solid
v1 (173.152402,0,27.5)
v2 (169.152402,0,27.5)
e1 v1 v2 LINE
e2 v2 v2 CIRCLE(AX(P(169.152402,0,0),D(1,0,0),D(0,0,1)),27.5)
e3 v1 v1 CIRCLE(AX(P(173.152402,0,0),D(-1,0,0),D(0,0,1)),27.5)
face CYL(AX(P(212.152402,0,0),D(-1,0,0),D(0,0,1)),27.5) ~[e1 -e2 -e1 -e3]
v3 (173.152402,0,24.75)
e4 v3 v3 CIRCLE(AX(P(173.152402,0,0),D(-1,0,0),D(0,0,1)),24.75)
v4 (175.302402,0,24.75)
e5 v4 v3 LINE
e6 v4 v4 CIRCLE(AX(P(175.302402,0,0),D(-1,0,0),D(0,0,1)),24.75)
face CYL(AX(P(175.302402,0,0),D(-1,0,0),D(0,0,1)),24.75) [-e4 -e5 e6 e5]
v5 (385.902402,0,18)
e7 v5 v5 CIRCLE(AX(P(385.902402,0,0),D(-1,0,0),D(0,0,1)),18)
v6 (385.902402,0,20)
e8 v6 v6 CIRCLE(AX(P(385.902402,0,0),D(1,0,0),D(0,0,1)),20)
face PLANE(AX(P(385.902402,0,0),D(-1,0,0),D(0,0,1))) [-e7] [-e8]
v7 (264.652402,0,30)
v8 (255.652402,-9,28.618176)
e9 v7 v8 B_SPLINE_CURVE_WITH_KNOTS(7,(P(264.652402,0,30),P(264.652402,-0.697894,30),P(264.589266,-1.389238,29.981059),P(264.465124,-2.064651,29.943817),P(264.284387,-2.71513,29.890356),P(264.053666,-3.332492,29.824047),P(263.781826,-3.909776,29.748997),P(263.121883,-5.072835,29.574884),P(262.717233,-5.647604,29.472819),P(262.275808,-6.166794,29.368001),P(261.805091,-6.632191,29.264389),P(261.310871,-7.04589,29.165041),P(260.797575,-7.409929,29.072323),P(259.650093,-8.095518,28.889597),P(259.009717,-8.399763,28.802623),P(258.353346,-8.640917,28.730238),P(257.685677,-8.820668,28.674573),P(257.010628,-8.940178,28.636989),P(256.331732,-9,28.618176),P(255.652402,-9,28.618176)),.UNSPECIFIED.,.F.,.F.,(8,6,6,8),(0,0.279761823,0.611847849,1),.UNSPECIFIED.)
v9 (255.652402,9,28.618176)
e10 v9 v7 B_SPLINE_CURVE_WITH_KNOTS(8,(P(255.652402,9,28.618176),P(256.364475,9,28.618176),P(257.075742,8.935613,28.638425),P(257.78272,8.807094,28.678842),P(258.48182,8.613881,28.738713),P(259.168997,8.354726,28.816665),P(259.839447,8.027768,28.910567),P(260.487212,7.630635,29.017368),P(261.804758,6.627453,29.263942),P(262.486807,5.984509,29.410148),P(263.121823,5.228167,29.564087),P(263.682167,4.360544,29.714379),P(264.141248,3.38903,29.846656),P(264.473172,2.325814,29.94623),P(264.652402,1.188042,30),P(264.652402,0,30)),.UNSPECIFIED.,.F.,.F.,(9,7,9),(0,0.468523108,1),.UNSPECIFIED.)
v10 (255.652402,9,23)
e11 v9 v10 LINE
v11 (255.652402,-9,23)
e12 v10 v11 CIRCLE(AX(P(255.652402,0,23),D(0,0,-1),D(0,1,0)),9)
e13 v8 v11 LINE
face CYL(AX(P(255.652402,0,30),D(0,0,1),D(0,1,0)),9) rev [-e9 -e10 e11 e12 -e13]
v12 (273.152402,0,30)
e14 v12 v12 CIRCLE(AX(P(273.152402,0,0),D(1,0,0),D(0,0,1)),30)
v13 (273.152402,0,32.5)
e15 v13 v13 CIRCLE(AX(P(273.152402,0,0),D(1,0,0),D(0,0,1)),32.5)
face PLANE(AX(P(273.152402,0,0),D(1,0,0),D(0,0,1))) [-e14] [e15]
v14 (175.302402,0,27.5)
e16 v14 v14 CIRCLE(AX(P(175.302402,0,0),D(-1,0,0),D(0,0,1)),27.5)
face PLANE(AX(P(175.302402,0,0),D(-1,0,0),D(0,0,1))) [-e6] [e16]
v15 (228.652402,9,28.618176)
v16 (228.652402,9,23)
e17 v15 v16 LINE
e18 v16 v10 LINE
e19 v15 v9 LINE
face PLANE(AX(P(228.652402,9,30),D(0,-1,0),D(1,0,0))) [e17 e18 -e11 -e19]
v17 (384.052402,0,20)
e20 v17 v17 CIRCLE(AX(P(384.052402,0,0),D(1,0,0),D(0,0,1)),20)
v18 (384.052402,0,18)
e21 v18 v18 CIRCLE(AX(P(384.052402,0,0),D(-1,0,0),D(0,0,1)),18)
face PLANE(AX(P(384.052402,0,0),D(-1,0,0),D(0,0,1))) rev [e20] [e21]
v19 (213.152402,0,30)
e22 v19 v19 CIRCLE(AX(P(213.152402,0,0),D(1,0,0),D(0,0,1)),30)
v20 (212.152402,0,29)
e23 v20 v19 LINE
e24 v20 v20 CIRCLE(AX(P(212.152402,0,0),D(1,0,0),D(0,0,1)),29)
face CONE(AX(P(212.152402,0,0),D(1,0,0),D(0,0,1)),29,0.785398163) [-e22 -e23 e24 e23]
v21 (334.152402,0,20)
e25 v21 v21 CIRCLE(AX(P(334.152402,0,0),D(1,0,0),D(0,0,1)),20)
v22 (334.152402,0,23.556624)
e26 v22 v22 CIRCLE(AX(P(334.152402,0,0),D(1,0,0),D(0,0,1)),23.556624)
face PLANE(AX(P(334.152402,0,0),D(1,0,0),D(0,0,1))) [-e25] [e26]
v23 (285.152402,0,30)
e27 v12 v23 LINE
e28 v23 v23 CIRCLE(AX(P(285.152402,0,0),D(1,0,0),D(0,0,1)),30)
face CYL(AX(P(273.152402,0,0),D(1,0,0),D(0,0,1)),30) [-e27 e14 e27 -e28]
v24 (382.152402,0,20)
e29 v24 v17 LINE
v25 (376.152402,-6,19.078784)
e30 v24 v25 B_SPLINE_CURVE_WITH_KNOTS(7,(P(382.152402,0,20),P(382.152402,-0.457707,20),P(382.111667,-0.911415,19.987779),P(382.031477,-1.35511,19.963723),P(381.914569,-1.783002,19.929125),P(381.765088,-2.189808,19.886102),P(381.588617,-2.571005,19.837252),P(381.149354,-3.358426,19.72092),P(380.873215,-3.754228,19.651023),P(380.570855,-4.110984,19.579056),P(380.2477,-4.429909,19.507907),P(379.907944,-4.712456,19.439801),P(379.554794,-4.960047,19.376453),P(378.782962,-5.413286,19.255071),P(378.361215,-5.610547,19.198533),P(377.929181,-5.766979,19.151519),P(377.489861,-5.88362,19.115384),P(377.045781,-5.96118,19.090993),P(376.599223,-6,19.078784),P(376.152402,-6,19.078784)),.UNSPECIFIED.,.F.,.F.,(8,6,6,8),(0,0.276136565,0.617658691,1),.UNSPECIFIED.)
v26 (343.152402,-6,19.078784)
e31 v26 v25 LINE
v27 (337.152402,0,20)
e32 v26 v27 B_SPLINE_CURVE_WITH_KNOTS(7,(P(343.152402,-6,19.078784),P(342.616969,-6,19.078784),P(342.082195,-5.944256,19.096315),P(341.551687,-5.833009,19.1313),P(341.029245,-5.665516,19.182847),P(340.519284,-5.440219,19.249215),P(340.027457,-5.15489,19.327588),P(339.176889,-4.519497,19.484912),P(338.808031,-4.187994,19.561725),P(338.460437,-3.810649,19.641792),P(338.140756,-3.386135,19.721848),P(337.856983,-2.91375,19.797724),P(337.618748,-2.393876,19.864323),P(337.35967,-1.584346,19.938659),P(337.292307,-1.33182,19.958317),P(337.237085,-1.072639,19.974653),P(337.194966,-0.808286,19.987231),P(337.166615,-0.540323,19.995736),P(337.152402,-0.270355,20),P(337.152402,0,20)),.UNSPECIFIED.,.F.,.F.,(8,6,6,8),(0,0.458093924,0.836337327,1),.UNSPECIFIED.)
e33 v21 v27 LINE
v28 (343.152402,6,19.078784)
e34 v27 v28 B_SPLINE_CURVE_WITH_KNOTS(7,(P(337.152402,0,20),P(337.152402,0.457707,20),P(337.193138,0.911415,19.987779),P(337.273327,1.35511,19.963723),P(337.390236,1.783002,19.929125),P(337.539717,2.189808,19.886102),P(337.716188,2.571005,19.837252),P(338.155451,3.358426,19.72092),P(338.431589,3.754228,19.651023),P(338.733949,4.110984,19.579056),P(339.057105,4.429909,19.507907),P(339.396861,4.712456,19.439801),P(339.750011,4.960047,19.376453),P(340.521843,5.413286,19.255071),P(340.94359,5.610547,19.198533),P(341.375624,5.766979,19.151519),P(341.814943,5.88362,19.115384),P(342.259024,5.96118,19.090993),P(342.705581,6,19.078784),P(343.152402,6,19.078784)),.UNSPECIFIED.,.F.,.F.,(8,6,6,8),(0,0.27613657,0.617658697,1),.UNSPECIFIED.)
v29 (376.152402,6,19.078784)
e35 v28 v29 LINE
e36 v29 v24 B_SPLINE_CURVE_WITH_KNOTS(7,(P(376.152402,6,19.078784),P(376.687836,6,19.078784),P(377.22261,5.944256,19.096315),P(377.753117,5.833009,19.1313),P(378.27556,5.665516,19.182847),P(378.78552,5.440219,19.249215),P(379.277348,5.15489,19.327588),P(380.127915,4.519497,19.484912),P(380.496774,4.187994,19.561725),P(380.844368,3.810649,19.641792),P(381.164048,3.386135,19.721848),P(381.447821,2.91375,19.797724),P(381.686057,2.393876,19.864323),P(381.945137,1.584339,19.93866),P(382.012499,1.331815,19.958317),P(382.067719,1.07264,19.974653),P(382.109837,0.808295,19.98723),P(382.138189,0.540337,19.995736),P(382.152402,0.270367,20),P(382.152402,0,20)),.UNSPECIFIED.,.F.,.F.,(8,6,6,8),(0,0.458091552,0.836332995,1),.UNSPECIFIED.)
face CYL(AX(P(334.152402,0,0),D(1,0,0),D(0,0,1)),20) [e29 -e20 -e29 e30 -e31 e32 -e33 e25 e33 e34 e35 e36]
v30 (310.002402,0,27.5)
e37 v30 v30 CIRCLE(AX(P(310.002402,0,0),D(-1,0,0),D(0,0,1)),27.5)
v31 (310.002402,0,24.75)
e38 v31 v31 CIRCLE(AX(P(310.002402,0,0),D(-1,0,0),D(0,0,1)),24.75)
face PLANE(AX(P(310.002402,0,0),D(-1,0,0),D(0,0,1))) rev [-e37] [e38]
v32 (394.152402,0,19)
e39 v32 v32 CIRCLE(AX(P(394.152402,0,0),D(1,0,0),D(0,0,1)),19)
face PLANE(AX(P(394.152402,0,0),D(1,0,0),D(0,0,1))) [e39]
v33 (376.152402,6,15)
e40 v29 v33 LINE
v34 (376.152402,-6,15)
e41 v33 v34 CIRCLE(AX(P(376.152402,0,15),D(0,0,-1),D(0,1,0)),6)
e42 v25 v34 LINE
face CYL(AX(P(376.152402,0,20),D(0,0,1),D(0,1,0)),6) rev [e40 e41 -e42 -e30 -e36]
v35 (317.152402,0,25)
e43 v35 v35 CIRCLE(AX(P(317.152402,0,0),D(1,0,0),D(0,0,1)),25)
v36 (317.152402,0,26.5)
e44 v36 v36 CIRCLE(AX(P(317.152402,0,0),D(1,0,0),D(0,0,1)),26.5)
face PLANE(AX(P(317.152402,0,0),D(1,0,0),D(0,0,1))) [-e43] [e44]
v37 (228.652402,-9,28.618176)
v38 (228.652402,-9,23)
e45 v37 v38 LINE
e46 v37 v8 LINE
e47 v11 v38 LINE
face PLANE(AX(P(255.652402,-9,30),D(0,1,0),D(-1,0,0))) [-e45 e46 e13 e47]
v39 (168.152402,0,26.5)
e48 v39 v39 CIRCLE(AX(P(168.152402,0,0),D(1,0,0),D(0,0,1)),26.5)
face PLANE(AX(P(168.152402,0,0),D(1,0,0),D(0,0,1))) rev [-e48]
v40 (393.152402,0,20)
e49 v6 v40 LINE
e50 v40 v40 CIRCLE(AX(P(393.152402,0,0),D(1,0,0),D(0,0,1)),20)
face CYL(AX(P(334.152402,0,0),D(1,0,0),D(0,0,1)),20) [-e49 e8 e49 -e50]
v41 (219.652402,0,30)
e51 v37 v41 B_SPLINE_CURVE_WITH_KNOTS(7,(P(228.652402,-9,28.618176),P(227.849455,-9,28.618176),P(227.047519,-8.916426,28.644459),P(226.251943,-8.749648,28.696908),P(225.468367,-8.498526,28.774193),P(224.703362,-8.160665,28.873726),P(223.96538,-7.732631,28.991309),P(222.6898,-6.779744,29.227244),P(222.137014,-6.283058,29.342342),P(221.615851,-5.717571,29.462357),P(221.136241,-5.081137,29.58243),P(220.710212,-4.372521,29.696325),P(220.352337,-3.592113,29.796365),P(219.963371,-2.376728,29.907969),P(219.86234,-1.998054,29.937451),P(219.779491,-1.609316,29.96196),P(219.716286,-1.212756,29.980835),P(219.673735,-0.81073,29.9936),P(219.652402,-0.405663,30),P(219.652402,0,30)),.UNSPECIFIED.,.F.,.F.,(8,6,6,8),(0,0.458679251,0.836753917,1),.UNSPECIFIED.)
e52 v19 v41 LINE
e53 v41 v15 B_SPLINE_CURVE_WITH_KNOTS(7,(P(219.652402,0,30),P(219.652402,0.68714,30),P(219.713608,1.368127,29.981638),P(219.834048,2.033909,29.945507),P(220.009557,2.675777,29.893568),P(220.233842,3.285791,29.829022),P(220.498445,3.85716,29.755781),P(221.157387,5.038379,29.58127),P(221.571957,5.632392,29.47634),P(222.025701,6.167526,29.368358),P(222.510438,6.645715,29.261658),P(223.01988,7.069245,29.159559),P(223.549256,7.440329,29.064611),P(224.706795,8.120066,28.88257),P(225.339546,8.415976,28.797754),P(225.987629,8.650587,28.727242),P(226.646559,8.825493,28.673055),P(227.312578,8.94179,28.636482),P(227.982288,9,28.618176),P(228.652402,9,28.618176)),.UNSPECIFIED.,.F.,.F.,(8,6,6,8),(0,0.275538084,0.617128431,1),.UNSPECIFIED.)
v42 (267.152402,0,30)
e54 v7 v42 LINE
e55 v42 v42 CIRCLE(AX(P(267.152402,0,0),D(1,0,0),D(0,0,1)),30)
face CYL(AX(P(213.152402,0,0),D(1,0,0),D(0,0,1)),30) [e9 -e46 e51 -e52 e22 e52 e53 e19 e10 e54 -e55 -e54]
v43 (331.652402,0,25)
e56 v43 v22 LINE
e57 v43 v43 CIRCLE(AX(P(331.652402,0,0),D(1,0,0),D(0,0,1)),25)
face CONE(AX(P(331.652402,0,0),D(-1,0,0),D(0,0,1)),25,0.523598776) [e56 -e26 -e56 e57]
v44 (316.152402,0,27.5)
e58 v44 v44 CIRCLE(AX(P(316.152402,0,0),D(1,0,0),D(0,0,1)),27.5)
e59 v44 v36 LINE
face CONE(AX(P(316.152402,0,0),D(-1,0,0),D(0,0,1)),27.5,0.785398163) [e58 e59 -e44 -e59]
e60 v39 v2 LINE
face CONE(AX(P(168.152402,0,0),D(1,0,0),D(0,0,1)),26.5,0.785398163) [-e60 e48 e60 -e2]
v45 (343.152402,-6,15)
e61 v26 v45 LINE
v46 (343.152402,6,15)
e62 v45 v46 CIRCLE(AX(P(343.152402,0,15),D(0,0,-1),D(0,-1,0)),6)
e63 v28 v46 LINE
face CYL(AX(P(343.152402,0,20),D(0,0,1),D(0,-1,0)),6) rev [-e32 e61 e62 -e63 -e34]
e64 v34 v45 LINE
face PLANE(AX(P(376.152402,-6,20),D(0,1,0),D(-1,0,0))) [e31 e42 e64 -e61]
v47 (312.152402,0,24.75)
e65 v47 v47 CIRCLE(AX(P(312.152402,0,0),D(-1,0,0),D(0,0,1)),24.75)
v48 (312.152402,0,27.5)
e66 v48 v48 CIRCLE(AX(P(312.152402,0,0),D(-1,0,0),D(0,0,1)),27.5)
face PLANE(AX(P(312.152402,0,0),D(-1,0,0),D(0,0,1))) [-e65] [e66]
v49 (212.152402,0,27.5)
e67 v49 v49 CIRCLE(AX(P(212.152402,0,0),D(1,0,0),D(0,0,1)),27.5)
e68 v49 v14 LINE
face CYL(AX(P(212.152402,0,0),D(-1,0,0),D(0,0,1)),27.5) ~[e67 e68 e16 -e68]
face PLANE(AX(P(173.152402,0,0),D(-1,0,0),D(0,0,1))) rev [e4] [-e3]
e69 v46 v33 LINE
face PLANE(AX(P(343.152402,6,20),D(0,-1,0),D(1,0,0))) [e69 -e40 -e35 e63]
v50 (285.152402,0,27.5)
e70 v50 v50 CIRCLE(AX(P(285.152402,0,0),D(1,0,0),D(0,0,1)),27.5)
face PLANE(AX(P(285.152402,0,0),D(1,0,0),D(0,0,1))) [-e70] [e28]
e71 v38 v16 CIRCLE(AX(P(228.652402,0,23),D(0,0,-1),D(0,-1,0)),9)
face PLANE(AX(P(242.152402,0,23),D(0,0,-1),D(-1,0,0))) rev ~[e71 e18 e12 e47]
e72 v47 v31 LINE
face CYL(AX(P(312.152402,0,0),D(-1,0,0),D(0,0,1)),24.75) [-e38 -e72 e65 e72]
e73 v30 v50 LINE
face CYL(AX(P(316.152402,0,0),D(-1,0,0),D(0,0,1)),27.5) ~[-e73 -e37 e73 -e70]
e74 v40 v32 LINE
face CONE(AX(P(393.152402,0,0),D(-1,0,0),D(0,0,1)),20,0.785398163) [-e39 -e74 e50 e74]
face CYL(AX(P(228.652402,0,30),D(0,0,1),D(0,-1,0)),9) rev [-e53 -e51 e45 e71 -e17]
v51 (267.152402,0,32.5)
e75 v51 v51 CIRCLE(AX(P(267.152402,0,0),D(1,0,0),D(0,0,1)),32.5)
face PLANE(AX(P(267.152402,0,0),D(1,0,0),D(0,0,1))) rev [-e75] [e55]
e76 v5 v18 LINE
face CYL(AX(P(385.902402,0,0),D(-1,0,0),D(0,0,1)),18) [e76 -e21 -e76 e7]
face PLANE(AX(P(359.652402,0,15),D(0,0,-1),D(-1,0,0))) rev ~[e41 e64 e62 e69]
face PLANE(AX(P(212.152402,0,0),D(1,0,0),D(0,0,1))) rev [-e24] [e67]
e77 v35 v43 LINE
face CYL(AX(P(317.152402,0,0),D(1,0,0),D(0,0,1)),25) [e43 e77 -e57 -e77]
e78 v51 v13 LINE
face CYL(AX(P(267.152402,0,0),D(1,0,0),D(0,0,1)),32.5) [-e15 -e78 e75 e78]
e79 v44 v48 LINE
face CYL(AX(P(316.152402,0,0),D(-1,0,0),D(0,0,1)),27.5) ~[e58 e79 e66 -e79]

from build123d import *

# Parameters (mm, degrees)
SCHNITT_LINEAR_AUSTRAGEN1_DEPTH = 7
SCHNITT_LINEAR_AUSTRAGEN2_DEPTH = 5


with BuildPart() as part:
    # Skizze1 → Rotation17 (revolve)
    with BuildSketch(Plane.XY, mode=Mode.PRIVATE) as rotation17_sk:
        Polygon((168.152402442, 0), (168.152402442, 26.5), (169.152402442, 27.5), (184.152402442, 27.5), (212.152402442, 27.5), (212.152402442, 29), (213.152402442, 30), (267.152402442, 30), (267.152402442, 32.5), (273.152402442, 32.5), (273.152402442, 30), (285.152402442, 30), (285.152402442, 27.5), (297.652402442, 27.5), (316.152402442, 27.5), (317.152402442, 26.5), (317.152402442, 25), (331.652402442, 25), (334.152402442, 23.556624327), (334.152402442, 20), (393.152402442, 20), (394.152402442, 19), (394.152402442, 0), align=None)
    revolve(rotation17_sk.sketch.rotate(Axis((168.152402442, 0, 0), (1, 0, 0)), 90), axis=Axis((168.152402442, 0, 0), (1, 0, 0)))  # turned: the seam where the file's is

    # Skizze3 → Schnitt-Linear austragen1 (cut)
    with BuildSketch(Plane.XY.offset(30)):
        with BuildLine():
            Line((228.652402442, 9), (255.652402442, 9))
            ThreePointArc((255.652402442, 9), (264.652402442, 0), (255.652402442, -9))
            Line((255.652402442, -9), (228.652402442, -9))
            ThreePointArc((228.652402442, -9), (219.652402442, 0), (228.652402442, 9))
        make_face()
    extrude(amount=-SCHNITT_LINEAR_AUSTRAGEN1_DEPTH, mode=Mode.SUBTRACT)

    # Skizze4 → Schnitt-Linear austragen2 (cut)
    with BuildSketch(Plane.XY.offset(20)):
        with BuildLine():
            Line((343.152402442, 6), (376.152402442, 6))
            ThreePointArc((376.152402442, 6), (382.152402442, 0), (376.152402442, -6))
            Line((376.152402442, -6), (343.152402442, -6))
            ThreePointArc((343.152402442, -6), (337.152402442, 0), (343.152402442, 6))
        make_face()
    extrude(amount=-SCHNITT_LINEAR_AUSTRAGEN2_DEPTH, mode=Mode.SUBTRACT)

    # Skizze16 → Nut f_r DIN 472 - 55 x 2_ Sicherungsring (revolve, cut)
    with BuildSketch(Plane(origin=(168.152402442, 0, 0), x_dir=(0, 0, 1), z_dir=(0, -1, 0))):
        with BuildLine():
            Line((28.785, -7.15), (24.75, -7.15))
            Line((24.75, -7.15), (24.75, -5))
            Line((24.75, -5), (28.785, -5))
            ThreePointArc((28.785, -5), (28.937027958, -5.062972042), (29, -5.215))
            Line((29, -5.215), (29, -6.935))
            ThreePointArc((29, -6.935), (28.937027958, -7.087027958), (28.785, -7.15))
        make_face()
    revolve(axis=Axis((218.152402442, 0, 0), (-1, 0, 0)), mode=Mode.SUBTRACT)

    # Skizze18 → Nut für DIN 472 - 40 x 1.75, Sicherungsring für Bohrungen - Regelausf.1 (revolve, cut)
    with BuildSketch(Plane(origin=(168.152402442, 0, 0), x_dir=(0, 0, 1), z_dir=(0, -1, 0))):
        with BuildLine():
            Line((21.065, -217.75), (18, -217.75))
            Line((18, -217.75), (18, -215.9))
            Line((18, -215.9), (21.065, -215.9))
            ThreePointArc((21.065, -215.9), (21.195814755, -215.954185245), (21.25, -216.085))
            Line((21.25, -216.085), (21.25, -217.565))
            ThreePointArc((21.25, -217.565), (21.195814755, -217.695814755), (21.065, -217.75))
        make_face()
    revolve(axis=Axis((218.152402442, 0, 0), (-1, 0, 0)), mode=Mode.SUBTRACT)

    # Skizze20 → Nut f_r DIN 472 - 55 x 2_ Sicherungs 2 (revolve, cut)
    with BuildSketch(Plane(origin=(168.152402442, 0, 0), x_dir=(0, 0, 1), z_dir=(0, -1, 0))):
        with BuildLine():
            Line((28.785, -144), (24.75, -144))
            Line((24.75, -144), (24.75, -141.85))
            Line((24.75, -141.85), (28.785, -141.85))
            ThreePointArc((28.785, -141.85), (28.937027958, -141.912972042), (29, -142.065))
            Line((29, -142.065), (29, -143.785))
            ThreePointArc((29, -143.785), (28.937027958, -143.937027958), (28.785, -144))
        make_face()
    revolve(axis=Axis((218.152402442, 0, 0), (-1, 0, 0)), mode=Mode.SUBTRACT)


solid = part.part
